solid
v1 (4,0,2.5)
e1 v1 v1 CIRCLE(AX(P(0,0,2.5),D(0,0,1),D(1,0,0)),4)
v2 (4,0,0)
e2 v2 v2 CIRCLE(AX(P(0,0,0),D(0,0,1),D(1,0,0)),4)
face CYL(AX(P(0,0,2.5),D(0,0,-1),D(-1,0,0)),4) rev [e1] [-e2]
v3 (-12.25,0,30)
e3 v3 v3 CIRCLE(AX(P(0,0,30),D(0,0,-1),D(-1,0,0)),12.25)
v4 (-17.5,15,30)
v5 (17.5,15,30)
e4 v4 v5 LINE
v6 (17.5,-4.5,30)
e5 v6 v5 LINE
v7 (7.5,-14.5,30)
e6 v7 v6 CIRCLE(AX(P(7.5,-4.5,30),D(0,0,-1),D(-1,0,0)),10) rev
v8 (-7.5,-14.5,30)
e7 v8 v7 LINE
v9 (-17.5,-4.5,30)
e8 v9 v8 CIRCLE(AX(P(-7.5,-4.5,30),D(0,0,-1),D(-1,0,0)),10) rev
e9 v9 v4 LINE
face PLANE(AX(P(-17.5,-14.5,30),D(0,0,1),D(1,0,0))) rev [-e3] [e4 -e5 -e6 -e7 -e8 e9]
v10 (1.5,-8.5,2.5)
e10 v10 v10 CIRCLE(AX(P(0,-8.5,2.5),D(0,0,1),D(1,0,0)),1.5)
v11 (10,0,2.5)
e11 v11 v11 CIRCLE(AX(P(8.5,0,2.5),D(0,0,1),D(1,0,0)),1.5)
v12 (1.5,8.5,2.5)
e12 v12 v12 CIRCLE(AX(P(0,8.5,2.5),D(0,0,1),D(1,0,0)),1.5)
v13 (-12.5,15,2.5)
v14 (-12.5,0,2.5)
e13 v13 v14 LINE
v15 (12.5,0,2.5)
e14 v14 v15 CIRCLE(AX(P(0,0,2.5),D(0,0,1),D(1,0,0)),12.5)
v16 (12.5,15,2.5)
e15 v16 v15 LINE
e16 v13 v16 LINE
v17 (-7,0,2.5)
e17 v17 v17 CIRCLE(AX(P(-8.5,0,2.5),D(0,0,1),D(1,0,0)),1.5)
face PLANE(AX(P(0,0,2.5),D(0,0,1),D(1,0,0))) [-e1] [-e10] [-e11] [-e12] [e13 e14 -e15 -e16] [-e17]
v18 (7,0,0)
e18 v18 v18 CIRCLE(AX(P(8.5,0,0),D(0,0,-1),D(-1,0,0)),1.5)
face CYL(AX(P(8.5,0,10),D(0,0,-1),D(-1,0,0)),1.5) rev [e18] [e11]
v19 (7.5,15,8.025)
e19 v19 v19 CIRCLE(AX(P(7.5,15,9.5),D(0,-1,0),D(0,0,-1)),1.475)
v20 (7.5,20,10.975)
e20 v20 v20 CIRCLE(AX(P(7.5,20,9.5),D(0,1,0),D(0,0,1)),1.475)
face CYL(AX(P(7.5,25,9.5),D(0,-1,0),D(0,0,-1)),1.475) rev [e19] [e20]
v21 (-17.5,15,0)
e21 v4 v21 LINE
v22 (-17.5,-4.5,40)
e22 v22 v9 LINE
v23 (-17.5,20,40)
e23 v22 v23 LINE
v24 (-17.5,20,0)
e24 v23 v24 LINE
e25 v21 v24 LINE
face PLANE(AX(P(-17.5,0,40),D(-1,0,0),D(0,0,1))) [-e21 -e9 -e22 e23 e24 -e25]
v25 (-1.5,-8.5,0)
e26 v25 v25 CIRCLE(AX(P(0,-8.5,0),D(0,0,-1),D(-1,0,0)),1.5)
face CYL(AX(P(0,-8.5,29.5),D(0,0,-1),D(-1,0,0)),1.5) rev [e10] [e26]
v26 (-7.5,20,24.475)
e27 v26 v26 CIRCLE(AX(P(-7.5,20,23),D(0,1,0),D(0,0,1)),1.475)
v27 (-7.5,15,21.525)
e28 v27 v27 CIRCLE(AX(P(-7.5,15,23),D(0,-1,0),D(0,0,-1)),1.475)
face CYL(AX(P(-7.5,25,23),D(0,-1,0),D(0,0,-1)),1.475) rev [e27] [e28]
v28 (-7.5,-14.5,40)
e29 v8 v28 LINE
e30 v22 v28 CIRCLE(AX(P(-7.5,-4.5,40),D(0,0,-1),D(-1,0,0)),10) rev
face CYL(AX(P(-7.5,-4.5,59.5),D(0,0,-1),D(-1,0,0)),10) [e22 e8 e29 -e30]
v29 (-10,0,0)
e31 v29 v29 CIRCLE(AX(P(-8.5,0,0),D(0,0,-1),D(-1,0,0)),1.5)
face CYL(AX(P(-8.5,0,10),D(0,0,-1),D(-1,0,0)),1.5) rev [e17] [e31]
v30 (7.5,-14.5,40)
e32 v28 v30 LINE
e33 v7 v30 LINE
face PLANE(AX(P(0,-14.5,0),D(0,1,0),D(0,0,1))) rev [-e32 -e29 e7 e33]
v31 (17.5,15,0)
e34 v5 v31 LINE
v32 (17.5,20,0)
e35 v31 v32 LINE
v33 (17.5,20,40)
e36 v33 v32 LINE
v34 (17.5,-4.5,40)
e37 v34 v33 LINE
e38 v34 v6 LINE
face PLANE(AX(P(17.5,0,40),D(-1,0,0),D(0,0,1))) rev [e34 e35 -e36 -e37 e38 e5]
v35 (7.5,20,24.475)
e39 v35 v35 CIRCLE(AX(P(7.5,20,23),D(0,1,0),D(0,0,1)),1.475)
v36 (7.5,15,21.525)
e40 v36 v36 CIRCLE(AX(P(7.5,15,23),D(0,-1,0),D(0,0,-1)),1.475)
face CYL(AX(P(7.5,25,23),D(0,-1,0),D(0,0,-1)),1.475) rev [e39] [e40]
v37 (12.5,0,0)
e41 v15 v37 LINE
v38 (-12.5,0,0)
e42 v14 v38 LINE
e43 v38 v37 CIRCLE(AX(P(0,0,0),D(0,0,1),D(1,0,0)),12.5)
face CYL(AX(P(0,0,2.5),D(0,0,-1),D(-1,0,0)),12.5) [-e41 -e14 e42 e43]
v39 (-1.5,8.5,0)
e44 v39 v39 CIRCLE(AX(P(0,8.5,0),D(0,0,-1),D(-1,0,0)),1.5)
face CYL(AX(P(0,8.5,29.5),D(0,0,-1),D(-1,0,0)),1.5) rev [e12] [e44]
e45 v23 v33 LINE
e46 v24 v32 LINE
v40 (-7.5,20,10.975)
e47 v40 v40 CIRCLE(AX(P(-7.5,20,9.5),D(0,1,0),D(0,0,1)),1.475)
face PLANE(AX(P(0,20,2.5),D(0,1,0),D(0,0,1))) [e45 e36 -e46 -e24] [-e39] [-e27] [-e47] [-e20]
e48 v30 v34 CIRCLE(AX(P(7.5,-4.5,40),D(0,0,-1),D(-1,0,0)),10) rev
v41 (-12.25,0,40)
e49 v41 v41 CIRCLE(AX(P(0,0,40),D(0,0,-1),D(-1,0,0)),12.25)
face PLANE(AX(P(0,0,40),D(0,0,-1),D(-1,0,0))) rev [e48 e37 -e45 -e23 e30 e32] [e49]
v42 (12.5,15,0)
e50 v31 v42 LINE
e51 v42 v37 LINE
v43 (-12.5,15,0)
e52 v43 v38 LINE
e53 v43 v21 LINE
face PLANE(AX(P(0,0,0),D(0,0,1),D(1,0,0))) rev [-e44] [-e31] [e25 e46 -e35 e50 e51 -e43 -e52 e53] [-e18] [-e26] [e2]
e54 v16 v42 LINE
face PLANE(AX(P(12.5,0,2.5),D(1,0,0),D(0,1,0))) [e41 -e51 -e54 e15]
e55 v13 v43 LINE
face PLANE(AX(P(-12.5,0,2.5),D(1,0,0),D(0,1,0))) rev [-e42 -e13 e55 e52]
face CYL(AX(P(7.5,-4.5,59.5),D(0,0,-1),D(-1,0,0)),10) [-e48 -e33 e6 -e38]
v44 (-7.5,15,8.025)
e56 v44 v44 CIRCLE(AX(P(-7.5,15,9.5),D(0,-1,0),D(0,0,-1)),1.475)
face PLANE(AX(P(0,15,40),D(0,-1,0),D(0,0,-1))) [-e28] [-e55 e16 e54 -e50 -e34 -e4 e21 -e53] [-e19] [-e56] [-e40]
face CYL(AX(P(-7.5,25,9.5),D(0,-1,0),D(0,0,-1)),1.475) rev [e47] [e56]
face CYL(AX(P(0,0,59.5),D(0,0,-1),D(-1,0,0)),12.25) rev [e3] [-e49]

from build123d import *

# Parameters (mm, degrees)
SKETCH1_R           = 12.5
SKETCH1_R_2         = 4
BOSS_EXTRUDE1_DEPTH = 2.5
SKETCH2_W           = 25
SKETCH2_H           = 5
SKETCH2_W_2         = 5
BOSS_EXTRUDE3_DEPTH = 40
SKETCH3_W           = 35
SKETCH3_H           = 10
BOSS_EXTRUDE5_DEPTH = 29.5
SKETCH5_R           = 12.25
CUT_EXTRUDE1_DEPTH  = 29.5
SKETCH6_R           = 1.5
CUT_EXTRUDE2_DEPTH  = 29.5
SKETCH7_R           = 1.475
CUT_EXTRUDE4_DEPTH  = 10
SKETCH8_R           = 1.5
CUT_EXTRUDE5_DEPTH  = 10


with BuildPart() as part:
    # Sketch1 → Boss-Extrude1 (new body)
    with BuildSketch(Plane.XY):
        with BuildLine():
            Line((12.5, 20), (-12.5, 20))
            Line((-12.5, 20), (-12.5, 1.2e-08))
            ThreePointArc((-12.5, 1.2e-08), (6e-09, 12.5), (12.5, 0))
            Line((12.5, 0), (12.5, 20))
        make_face()
        Circle(SKETCH1_R)
        Circle(SKETCH1_R_2, mode=Mode.SUBTRACT)
    extrude(amount=BOSS_EXTRUDE1_DEPTH)

    # Sketch2 → Boss-Extrude3 (add)
    with BuildSketch(Plane(origin=(0, 0, 0), x_dir=(-1, 0, 0), z_dir=(0, 0, -1))):
        with Locations((0, 17.5)):
            Rectangle(SKETCH2_W, SKETCH2_H)
        with Locations((-15, 17.5)):
            Rectangle(SKETCH2_W_2, SKETCH2_H)
        with Locations((15, 17.5)):
            Rectangle(SKETCH2_W_2, SKETCH2_H)
    extrude(amount=-BOSS_EXTRUDE3_DEPTH)

    # Sketch3 → Boss-Extrude5 (add)
    with BuildSketch(Plane.XZ.offset(-15)):
        with Locations((0, 35)):
            Rectangle(SKETCH3_W, SKETCH3_H)
    extrude(amount=BOSS_EXTRUDE5_DEPTH)

    # Sketch5 → Cut-Extrude1 (cut)
    with BuildSketch(Plane(origin=(0, 0, 30), x_dir=(-1, 0, 0), z_dir=(0, 0, -1))):
        Circle(SKETCH5_R)
        with BuildLine():
            Line((17.5, -14.5), (17.5, -4.5))
            ThreePointArc((17.5, -4.5), (14.571067812, -11.571067812), (7.5, -14.5))
            Line((7.5, -14.5), (17.5, -14.5))
        make_face()
        with BuildLine():
            ThreePointArc((-7.5, -14.5), (-14.571067812, -11.571067812), (-17.5, -4.5))
            Line((-17.5, -4.5), (-17.5, -14.5))
            Line((-17.5, -14.5), (-7.5, -14.5))
        make_face()
    extrude(amount=-CUT_EXTRUDE1_DEPTH, mode=Mode.SUBTRACT)

    # Sketch6 → Cut-Extrude2 (cut)
    with BuildSketch(Plane(origin=(0, 0, 0), x_dir=(-1, 0, 0), z_dir=(0, 0, -1))):
        with Locations((0, 8.5)):
            Circle(SKETCH6_R)
        with Locations((0, -8.5)):
            Circle(SKETCH6_R)
    extrude(amount=-CUT_EXTRUDE2_DEPTH, mode=Mode.SUBTRACT)

    # Sketch7 → Cut-Extrude4 (cut)
    with BuildSketch(Plane.XZ.offset(-15)):
        with Locations((7.5, 23)):
            Circle(SKETCH7_R)
        with Locations((-7.5, 23)):
            Circle(SKETCH7_R)
        with Locations((7.5, 9.5)):
            Circle(SKETCH7_R)
        with Locations((-7.5, 9.5)):
            Circle(SKETCH7_R)
    extrude(amount=-CUT_EXTRUDE4_DEPTH, mode=Mode.SUBTRACT)

    # Sketch8 → Cut-Extrude5 (cut)
    with BuildSketch(Plane(origin=(0, 0, 0), x_dir=(-1, 0, 0), z_dir=(0, 0, -1))):
        with Locations((-8.5, 0)):
            Circle(SKETCH8_R)
        with Locations((8.5, 0)):
            Circle(SKETCH8_R)
    extrude(amount=-CUT_EXTRUDE5_DEPTH, mode=Mode.SUBTRACT)


solid = part.part
